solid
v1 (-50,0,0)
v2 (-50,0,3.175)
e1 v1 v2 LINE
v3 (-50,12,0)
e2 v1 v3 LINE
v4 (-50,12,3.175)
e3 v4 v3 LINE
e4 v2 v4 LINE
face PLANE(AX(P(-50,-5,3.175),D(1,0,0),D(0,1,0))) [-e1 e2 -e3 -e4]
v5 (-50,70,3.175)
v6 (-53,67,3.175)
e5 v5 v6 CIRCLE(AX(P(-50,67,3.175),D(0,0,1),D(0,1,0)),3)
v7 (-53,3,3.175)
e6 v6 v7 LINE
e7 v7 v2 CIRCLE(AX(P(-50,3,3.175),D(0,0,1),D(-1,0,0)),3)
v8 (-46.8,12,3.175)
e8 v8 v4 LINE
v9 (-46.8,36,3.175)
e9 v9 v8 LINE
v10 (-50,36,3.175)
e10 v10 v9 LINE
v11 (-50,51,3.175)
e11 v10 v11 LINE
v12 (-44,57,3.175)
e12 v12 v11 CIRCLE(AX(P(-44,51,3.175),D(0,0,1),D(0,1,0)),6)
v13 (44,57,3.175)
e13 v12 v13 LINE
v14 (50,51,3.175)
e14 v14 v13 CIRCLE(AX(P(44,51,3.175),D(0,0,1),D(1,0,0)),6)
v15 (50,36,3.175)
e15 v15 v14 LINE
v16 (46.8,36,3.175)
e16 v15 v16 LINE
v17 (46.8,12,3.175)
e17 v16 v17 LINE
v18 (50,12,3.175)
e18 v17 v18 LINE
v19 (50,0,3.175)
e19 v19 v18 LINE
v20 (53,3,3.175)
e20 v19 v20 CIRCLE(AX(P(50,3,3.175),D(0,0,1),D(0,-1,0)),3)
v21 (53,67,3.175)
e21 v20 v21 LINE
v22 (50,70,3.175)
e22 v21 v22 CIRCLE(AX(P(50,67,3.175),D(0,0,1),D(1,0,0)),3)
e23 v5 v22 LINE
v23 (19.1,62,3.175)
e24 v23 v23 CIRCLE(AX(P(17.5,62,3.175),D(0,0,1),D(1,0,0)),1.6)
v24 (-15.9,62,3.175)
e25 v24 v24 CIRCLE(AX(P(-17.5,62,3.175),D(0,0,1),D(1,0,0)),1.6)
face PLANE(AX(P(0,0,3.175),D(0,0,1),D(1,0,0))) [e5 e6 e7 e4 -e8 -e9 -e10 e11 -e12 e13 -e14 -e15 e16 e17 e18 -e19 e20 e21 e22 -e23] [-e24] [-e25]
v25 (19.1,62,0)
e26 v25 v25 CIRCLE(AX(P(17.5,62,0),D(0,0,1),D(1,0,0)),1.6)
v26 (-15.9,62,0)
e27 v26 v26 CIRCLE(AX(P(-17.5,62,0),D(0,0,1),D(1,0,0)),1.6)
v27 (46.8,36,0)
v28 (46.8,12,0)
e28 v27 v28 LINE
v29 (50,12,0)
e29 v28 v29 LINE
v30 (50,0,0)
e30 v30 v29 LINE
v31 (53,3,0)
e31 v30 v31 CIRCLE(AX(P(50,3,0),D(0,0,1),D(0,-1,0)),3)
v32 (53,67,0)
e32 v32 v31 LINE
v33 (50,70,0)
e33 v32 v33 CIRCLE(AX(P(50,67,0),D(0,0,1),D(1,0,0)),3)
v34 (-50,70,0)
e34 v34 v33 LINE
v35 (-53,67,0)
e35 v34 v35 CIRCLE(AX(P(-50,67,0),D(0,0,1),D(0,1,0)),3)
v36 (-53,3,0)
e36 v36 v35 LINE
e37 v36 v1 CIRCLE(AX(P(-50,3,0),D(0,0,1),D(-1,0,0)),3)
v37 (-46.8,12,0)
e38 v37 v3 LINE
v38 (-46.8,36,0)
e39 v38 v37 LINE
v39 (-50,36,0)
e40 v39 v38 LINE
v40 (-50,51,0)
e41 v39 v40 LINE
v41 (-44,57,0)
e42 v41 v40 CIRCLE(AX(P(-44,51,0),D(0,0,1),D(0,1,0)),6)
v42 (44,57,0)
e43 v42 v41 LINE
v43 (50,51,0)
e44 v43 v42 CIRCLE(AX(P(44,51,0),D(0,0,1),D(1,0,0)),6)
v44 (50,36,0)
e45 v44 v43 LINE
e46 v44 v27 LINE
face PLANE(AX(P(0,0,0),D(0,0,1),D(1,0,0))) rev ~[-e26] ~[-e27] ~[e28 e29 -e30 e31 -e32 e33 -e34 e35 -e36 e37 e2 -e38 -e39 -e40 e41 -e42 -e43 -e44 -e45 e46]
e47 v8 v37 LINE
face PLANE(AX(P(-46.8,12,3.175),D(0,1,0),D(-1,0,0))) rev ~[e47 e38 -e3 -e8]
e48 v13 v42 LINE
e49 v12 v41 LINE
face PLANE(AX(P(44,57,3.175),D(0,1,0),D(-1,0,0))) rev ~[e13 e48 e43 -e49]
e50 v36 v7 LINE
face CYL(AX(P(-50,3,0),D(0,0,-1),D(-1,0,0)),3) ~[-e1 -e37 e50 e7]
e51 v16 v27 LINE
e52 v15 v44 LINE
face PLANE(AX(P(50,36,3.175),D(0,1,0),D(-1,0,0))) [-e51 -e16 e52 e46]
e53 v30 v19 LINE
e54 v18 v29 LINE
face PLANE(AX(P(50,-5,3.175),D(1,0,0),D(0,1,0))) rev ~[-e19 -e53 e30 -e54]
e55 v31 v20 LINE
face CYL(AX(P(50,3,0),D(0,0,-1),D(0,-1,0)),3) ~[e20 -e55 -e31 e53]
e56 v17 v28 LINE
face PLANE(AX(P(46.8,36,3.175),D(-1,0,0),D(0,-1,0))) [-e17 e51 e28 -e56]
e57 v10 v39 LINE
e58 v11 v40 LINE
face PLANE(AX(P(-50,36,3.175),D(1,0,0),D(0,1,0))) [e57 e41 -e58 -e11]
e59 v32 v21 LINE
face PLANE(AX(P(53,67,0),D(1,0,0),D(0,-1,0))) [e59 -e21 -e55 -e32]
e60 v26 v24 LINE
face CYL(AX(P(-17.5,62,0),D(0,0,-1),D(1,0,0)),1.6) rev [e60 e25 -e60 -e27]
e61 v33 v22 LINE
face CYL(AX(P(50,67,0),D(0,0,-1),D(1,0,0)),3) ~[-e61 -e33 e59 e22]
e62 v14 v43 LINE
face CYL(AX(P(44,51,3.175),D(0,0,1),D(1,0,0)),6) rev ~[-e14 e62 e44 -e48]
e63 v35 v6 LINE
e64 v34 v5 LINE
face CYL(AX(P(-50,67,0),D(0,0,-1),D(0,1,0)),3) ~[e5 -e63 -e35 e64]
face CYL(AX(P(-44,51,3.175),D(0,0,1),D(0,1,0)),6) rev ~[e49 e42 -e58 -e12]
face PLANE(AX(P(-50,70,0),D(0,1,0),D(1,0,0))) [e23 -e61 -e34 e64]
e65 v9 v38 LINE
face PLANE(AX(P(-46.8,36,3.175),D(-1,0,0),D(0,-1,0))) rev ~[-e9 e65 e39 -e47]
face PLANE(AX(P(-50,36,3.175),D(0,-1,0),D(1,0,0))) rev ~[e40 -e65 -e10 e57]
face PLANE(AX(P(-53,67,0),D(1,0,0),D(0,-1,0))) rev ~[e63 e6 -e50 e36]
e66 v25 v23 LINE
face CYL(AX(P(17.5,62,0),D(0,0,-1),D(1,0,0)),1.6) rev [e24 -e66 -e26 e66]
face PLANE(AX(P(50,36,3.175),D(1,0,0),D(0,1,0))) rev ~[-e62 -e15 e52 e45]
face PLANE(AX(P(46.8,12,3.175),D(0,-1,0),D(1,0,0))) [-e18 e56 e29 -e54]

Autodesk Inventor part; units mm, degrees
ref_plane "YZ Plane" through (0, 0, 0) normal (1, 0, 0) x (0, 1, 0)
ref_plane "XZ Plane" through (0, 0, 0) normal (0, 1, 0) x (-1, 0, 0)
ref_plane "XY Plane" through (0, 0, 0) normal (0, 0, 1) x (1, 0, 0)
sketch "Sketch1" plane through (0, 0, 0) normal (0, 0, 1) x (1, 0, 0)
  line L0 (-50, 70) -> (50, 70)
  line L1 (50, 0) -> (-50, 0)
  line L2 (0, 0) -> (0, 70) construction
  circle A0 centre (-17.5, 62) radius 1.6
  circle A1 centre (17.5, 62) radius 1.6
  arc A2 (-50, 70) -> (-53, 67) centre (-50, 67) ccw
  arc A3 (-53, 3) -> (-50, 0) centre (-50, 3) ccw
  arc A4 (53, 67) -> (50, 70) centre (50, 67) ccw
  arc A5 (50, 0) -> (53, 3) centre (50, 3) ccw
  line L3 (53, 67) -> (53, 3)
  line L4 (53, 20) -> (53, 3)
  line L5 (-53, 67) -> (-53, 3)
  line L6 (-53, 20) -> (-53, 3)
  point P0 (53, 45)
  point P1 (-53, 45)
  dimension "d11" = 70
  dimension "d20" = 3
  dimension "d22" = 3.2
  dimension "d23" = 8
  dimension "d24" = 35
  dimension "d31" = 106
extrude "Extrusion1" add sketch "Sketch1" along normal blind 3.175
sketch "Sketch2" plane through (0, 0, 3.175) normal (0, 0, 1) x (1, 0, 0)
  line L0 (-44, 57) -> (0, 57)
  line L1 (0, 0) -> (0, 57) construction
  line L2 (44, 57) -> (0, 57)
  line L3 (-50, -5) -> (50, -5)
  line L4 (-50, 0) -> (50, 0) construction
  arc A0 (50, 51) -> (44, 57) centre (44, 51) ccw
  arc A1 (-44, 57) -> (-50, 51) centre (-44, 51) ccw
  line L5 (50, 36) -> (46.8, 36)
  line L6 (46.8, 36) -> (46.8, 12)
  line L7 (46.8, 12) -> (50, 12)
  line L8 (-50, 36) -> (-46.8, 36)
  line L9 (-46.8, 36) -> (-46.8, 12)
  line L10 (-46.8, 12) -> (-50, 12)
  line L11 (50, -5) -> (50, 12)
  line L12 (50, 36) -> (50, 51)
  line L13 (-50, -5) -> (-50, 12)
  line L14 (-50, 36) -> (-50, 51)
  point P0 (47.5, 57)
  point P1 (-47.5, 57)
  dimension "d14" = 57
  dimension "d17" = 62
  dimension "d33" = 6
  dimension "d35" = 36
  dimension "d36" = 12
  dimension "d37" = 100
  dimension "d38" = 3.2
extrude "Extrusion2" cut sketch "Sketch2" against normal blind 6
properties part number "shovel"
